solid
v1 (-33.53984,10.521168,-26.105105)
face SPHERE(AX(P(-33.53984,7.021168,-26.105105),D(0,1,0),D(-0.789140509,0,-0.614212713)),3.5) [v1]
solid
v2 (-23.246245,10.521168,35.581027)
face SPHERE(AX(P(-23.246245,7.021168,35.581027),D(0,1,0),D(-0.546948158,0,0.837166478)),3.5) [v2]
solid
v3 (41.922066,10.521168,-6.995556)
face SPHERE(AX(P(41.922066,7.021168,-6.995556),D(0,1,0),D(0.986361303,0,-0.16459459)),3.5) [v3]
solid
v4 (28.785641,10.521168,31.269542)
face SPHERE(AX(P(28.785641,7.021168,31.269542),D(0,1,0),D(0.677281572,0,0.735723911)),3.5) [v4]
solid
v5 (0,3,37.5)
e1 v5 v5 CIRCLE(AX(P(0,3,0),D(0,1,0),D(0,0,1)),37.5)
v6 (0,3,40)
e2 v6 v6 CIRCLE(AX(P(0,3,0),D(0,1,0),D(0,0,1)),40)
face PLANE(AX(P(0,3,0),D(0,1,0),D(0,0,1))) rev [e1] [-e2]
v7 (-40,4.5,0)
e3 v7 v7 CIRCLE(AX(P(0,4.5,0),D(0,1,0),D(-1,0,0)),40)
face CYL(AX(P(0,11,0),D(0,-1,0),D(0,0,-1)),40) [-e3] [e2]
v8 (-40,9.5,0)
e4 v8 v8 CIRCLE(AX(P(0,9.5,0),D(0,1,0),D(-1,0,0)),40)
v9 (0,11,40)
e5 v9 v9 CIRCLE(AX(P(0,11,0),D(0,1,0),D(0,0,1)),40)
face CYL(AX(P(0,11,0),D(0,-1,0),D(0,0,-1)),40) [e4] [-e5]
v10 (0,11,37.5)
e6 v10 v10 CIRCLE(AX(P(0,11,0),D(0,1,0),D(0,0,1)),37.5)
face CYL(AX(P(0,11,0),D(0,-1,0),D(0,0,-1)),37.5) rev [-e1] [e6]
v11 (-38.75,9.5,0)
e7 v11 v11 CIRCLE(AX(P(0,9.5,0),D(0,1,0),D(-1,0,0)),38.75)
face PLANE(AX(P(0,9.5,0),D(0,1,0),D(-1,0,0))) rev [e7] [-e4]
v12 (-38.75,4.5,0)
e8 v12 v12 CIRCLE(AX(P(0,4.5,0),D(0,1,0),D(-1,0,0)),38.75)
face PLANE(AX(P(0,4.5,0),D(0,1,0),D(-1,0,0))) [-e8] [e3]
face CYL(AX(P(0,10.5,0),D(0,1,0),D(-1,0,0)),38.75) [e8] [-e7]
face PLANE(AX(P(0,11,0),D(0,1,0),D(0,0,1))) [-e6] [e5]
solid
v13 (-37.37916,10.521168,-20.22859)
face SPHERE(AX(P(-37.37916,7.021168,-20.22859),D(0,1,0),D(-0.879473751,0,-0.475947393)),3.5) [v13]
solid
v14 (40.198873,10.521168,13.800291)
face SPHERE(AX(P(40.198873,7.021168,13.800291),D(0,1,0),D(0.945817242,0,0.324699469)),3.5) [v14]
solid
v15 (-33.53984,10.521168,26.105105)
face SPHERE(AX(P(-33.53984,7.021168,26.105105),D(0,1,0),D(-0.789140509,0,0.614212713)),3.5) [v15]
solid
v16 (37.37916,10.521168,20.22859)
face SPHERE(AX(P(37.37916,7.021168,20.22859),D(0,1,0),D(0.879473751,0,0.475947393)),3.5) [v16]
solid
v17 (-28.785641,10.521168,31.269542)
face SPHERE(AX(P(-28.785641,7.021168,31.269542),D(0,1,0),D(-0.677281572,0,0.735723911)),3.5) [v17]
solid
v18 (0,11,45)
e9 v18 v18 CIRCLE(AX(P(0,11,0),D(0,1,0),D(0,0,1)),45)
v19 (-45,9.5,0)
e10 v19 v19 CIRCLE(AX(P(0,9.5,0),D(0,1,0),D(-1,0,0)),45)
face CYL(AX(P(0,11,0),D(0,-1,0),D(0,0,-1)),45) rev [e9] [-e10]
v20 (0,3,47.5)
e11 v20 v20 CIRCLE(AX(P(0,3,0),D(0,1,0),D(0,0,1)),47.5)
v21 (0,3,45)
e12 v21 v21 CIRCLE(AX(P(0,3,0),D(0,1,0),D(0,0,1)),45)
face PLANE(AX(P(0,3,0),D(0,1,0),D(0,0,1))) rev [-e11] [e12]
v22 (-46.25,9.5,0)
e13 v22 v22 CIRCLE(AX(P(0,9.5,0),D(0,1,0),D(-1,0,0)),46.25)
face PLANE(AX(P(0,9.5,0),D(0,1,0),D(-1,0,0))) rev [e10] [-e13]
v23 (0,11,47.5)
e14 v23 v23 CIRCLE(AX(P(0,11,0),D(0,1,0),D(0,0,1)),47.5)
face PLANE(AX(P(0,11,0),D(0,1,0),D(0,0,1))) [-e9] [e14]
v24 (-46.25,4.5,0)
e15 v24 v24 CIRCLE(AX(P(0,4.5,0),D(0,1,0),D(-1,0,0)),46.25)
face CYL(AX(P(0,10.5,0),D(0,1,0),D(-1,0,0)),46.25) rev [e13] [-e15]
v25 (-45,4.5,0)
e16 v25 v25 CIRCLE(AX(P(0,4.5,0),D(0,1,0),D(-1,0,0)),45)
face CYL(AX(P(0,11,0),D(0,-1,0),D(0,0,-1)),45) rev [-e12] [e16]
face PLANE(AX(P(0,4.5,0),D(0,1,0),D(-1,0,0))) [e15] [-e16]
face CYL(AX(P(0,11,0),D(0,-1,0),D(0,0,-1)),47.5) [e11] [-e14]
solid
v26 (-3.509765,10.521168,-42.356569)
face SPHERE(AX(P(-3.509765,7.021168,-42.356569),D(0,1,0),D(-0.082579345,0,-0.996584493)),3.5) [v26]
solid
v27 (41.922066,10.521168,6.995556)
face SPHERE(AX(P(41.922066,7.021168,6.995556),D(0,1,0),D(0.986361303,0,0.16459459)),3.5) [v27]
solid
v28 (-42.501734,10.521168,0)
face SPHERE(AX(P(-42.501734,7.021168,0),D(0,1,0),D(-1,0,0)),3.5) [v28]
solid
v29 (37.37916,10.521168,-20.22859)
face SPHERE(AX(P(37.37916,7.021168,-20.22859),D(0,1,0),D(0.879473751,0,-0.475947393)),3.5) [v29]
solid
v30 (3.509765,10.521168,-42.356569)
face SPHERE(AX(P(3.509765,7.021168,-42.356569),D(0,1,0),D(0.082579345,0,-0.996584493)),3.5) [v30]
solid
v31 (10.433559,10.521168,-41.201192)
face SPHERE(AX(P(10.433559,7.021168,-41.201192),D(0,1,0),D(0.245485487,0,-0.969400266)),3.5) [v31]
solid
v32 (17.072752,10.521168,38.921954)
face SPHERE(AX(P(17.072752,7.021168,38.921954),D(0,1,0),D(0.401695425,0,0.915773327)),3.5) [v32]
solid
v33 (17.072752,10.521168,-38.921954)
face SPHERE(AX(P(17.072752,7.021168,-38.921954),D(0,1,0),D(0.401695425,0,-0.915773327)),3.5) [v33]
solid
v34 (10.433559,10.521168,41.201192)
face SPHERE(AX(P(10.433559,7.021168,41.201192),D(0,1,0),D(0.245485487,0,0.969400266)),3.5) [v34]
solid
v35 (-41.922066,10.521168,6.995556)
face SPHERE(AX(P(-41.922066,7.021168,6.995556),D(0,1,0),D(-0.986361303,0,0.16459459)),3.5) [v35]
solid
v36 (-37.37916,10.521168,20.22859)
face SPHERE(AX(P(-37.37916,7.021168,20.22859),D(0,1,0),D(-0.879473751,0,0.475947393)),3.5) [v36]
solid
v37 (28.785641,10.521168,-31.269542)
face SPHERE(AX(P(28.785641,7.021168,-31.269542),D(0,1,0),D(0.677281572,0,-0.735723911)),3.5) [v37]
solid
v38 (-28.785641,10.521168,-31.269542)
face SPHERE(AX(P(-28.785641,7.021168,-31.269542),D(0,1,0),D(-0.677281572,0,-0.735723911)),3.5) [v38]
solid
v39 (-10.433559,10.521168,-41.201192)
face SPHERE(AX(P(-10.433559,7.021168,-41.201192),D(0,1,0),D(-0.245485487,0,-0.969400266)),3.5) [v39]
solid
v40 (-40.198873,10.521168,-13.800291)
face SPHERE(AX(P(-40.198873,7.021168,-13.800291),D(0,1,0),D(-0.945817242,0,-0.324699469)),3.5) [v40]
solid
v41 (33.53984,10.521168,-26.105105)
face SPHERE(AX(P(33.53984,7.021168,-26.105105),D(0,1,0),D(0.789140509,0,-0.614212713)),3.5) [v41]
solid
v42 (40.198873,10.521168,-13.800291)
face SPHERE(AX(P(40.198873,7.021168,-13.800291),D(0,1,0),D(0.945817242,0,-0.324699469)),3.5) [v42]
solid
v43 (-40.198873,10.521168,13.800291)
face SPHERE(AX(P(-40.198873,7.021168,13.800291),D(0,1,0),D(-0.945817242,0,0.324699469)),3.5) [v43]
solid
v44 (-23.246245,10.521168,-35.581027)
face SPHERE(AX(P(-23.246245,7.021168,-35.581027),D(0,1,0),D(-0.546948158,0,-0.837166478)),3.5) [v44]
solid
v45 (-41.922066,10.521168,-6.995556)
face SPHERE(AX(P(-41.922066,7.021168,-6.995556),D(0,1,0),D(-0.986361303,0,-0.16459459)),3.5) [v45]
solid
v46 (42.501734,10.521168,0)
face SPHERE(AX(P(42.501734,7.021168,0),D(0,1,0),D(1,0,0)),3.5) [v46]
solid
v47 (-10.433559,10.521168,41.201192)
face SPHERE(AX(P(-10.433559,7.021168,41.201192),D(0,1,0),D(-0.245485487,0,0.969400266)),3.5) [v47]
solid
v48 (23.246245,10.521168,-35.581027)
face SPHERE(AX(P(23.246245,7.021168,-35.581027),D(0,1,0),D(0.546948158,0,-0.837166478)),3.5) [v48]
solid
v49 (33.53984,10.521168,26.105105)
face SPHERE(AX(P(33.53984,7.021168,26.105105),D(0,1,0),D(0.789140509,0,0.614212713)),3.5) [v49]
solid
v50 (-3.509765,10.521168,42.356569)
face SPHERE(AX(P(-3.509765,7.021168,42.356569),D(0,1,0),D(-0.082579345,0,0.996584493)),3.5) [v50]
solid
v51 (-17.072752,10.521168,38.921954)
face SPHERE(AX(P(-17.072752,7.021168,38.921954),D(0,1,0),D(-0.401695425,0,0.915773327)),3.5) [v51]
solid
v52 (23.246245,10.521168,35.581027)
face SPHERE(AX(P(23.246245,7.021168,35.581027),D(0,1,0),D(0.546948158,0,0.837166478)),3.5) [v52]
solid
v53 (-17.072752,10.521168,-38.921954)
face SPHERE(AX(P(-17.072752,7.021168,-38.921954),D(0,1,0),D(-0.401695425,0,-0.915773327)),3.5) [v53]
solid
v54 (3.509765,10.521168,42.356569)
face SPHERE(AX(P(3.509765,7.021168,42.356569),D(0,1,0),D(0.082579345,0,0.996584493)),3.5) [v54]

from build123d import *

# Parameters (mm, degrees)
BOSS_EXTRUDE1_START = 3
SKETCH2_R           = 47.5
SKETCH2_R_2         = 45
BOSS_EXTRUDE1_DEPTH = 8
BOSS_EXTRUDE2_START = 3
SKETCH5_R           = 40
SKETCH5_R_2         = 37.5
BOSS_EXTRUDE2_DEPTH = 8
SKETCH3_W           = 7.5
SKETCH3_H           = 5
CIRPATTERN4_COUNT   = 38


with BuildPart() as part:
    # Sketch2 → Boss-Extrude1 (new body)
    with BuildSketch(Plane(origin=(0, 0, 0), x_dir=(1, 0, 0), z_dir=(0, 1, 0)).offset(BOSS_EXTRUDE1_START)):
        with Locations(Location((0, 0, 0), (0, 0, 270))):
            Circle(SKETCH2_R)
        with Locations(Location((0, 0, 0), (0, 0, 270))):
            Circle(SKETCH2_R_2, mode=Mode.SUBTRACT)
    extrude(amount=BOSS_EXTRUDE1_DEPTH)


with BuildPart() as body_2:
    # Sketch5 → Boss-Extrude2 (new body)
    with BuildSketch(Plane(origin=(0, 0, 0), x_dir=(1, 0, 0), z_dir=(0, 1, 0)).offset(BOSS_EXTRUDE2_START)):
        with Locations(Location((0, 0, 0), (0, 0, 270))):
            Circle(SKETCH5_R)
        with Locations(Location((0, 0, 0), (0, 0, 270))):
            Circle(SKETCH5_R_2, mode=Mode.SUBTRACT)
    extrude(amount=BOSS_EXTRUDE2_DEPTH)


with BuildPart() as cut_revolve1_tool:
    # Sketch3 → Cut-Revolve1 (revolve)
    with BuildSketch(Plane.XY):
        with Locations((-42.5, 7)):
            Rectangle(SKETCH3_W, SKETCH3_H)
    revolve(axis=Axis((0, 10.5, 0), (0, -1, 0)))


with BuildPart() as part_1:
    add(part.part)

    # Cut-Revolve1: cut by cut_revolve1_tool
    add(cut_revolve1_tool.part, mode=Mode.SUBTRACT)


with BuildPart() as body_2_1:
    add(body_2.part)

    # Cut-Revolve1: cut by cut_revolve1_tool
    add(cut_revolve1_tool.part, mode=Mode.SUBTRACT)


with BuildPart() as body_3:
    # Sketch6 → Revolve4 (revolve)
    with BuildSketch(Plane.XY):
        with BuildLine():
            Line((42.501734092, 10.521168408), (42.501734092, 8.449571979))
            Line((42.501734092, 8.449571979), (42.501734092, 7.021168408))
            Line((42.501734092, 7.021168408), (42.501734092, 3.521168408))
            ThreePointArc((42.501734092, 3.521168408), (46.001734092, 7.021168408), (42.501734092, 10.521168408))
        make_face()
    revolve(axis=Axis((42.501734092, 11, 0), (0, -1, 0)))


with BuildPart() as cirpattern4_1:
    # CirPattern4: pattern copy
    add(body_3.part.rotate(Axis((0, 0, 0), (0, 1, 0)), 1 * 360 / CIRPATTERN4_COUNT))


with BuildPart() as cirpattern4_2:
    # CirPattern4: pattern copy
    add(body_3.part.rotate(Axis((0, 0, 0), (0, 1, 0)), 2 * 360 / CIRPATTERN4_COUNT))


with BuildPart() as cirpattern4_3:
    # CirPattern4: pattern copy
    add(body_3.part.rotate(Axis((0, 0, 0), (0, 1, 0)), 3 * 360 / CIRPATTERN4_COUNT))


with BuildPart() as cirpattern4_4:
    # CirPattern4: pattern copy
    add(body_3.part.rotate(Axis((0, 0, 0), (0, 1, 0)), 4 * 360 / CIRPATTERN4_COUNT))


with BuildPart() as cirpattern4_5:
    # CirPattern4: pattern copy
    add(body_3.part.rotate(Axis((0, 0, 0), (0, 1, 0)), 5 * 360 / CIRPATTERN4_COUNT))


with BuildPart() as cirpattern4_6:
    # CirPattern4: pattern copy
    add(body_3.part.rotate(Axis((0, 0, 0), (0, 1, 0)), 6 * 360 / CIRPATTERN4_COUNT))


with BuildPart() as cirpattern4_7:
    # CirPattern4: pattern copy
    add(body_3.part.rotate(Axis((0, 0, 0), (0, 1, 0)), 7 * 360 / CIRPATTERN4_COUNT))


with BuildPart() as cirpattern4_8:
    # CirPattern4: pattern copy
    add(body_3.part.rotate(Axis((0, 0, 0), (0, 1, 0)), 8 * 360 / CIRPATTERN4_COUNT))


with BuildPart() as cirpattern4_9:
    # CirPattern4: pattern copy
    add(body_3.part.rotate(Axis((0, 0, 0), (0, 1, 0)), 9 * 360 / CIRPATTERN4_COUNT))


with BuildPart() as cirpattern4_10:
    # CirPattern4: pattern copy
    add(body_3.part.rotate(Axis((0, 0, 0), (0, 1, 0)), 10 * 360 / CIRPATTERN4_COUNT))


with BuildPart() as cirpattern4_11:
    # CirPattern4: pattern copy
    add(body_3.part.rotate(Axis((0, 0, 0), (0, 1, 0)), 11 * 360 / CIRPATTERN4_COUNT))


with BuildPart() as cirpattern4_12:
    # CirPattern4: pattern copy
    add(body_3.part.rotate(Axis((0, 0, 0), (0, 1, 0)), 12 * 360 / CIRPATTERN4_COUNT))


with BuildPart() as cirpattern4_13:
    # CirPattern4: pattern copy
    add(body_3.part.rotate(Axis((0, 0, 0), (0, 1, 0)), 13 * 360 / CIRPATTERN4_COUNT))


with BuildPart() as cirpattern4_14:
    # CirPattern4: pattern copy
    add(body_3.part.rotate(Axis((0, 0, 0), (0, 1, 0)), 14 * 360 / CIRPATTERN4_COUNT))


with BuildPart() as cirpattern4_15:
    # CirPattern4: pattern copy
    add(body_3.part.rotate(Axis((0, 0, 0), (0, 1, 0)), 15 * 360 / CIRPATTERN4_COUNT))


with BuildPart() as cirpattern4_16:
    # CirPattern4: pattern copy
    add(body_3.part.rotate(Axis((0, 0, 0), (0, 1, 0)), 16 * 360 / CIRPATTERN4_COUNT))


with BuildPart() as cirpattern4_17:
    # CirPattern4: pattern copy
    add(body_3.part.rotate(Axis((0, 0, 0), (0, 1, 0)), 17 * 360 / CIRPATTERN4_COUNT))


with BuildPart() as cirpattern4_18:
    # CirPattern4: pattern copy
    add(body_3.part.rotate(Axis((0, 0, 0), (0, 1, 0)), 18 * 360 / CIRPATTERN4_COUNT))


with BuildPart() as cirpattern4_19:
    # CirPattern4: pattern copy
    add(body_3.part.rotate(Axis((0, 0, 0), (0, 1, 0)), 19 * 360 / CIRPATTERN4_COUNT))


with BuildPart() as cirpattern4_20:
    # CirPattern4: pattern copy
    add(body_3.part.rotate(Axis((0, 0, 0), (0, 1, 0)), 20 * 360 / CIRPATTERN4_COUNT))


with BuildPart() as cirpattern4_21:
    # CirPattern4: pattern copy
    add(body_3.part.rotate(Axis((0, 0, 0), (0, 1, 0)), 21 * 360 / CIRPATTERN4_COUNT))


with BuildPart() as cirpattern4_22:
    # CirPattern4: pattern copy
    add(body_3.part.rotate(Axis((0, 0, 0), (0, 1, 0)), 22 * 360 / CIRPATTERN4_COUNT))


with BuildPart() as cirpattern4_23:
    # CirPattern4: pattern copy
    add(body_3.part.rotate(Axis((0, 0, 0), (0, 1, 0)), 23 * 360 / CIRPATTERN4_COUNT))


with BuildPart() as cirpattern4_24:
    # CirPattern4: pattern copy
    add(body_3.part.rotate(Axis((0, 0, 0), (0, 1, 0)), 24 * 360 / CIRPATTERN4_COUNT))


with BuildPart() as cirpattern4_25:
    # CirPattern4: pattern copy
    add(body_3.part.rotate(Axis((0, 0, 0), (0, 1, 0)), 25 * 360 / CIRPATTERN4_COUNT))


with BuildPart() as cirpattern4_26:
    # CirPattern4: pattern copy
    add(body_3.part.rotate(Axis((0, 0, 0), (0, 1, 0)), 26 * 360 / CIRPATTERN4_COUNT))


with BuildPart() as cirpattern4_27:
    # CirPattern4: pattern copy
    add(body_3.part.rotate(Axis((0, 0, 0), (0, 1, 0)), 27 * 360 / CIRPATTERN4_COUNT))


with BuildPart() as cirpattern4_28:
    # CirPattern4: pattern copy
    add(body_3.part.rotate(Axis((0, 0, 0), (0, 1, 0)), 28 * 360 / CIRPATTERN4_COUNT))


with BuildPart() as cirpattern4_29:
    # CirPattern4: pattern copy
    add(body_3.part.rotate(Axis((0, 0, 0), (0, 1, 0)), 29 * 360 / CIRPATTERN4_COUNT))


with BuildPart() as cirpattern4_30:
    # CirPattern4: pattern copy
    add(body_3.part.rotate(Axis((0, 0, 0), (0, 1, 0)), 30 * 360 / CIRPATTERN4_COUNT))


with BuildPart() as cirpattern4_31:
    # CirPattern4: pattern copy
    add(body_3.part.rotate(Axis((0, 0, 0), (0, 1, 0)), 31 * 360 / CIRPATTERN4_COUNT))


with BuildPart() as cirpattern4_32:
    # CirPattern4: pattern copy
    add(body_3.part.rotate(Axis((0, 0, 0), (0, 1, 0)), 32 * 360 / CIRPATTERN4_COUNT))


with BuildPart() as cirpattern4_33:
    # CirPattern4: pattern copy
    add(body_3.part.rotate(Axis((0, 0, 0), (0, 1, 0)), 33 * 360 / CIRPATTERN4_COUNT))


with BuildPart() as cirpattern4_34:
    # CirPattern4: pattern copy
    add(body_3.part.rotate(Axis((0, 0, 0), (0, 1, 0)), 34 * 360 / CIRPATTERN4_COUNT))


with BuildPart() as cirpattern4_35:
    # CirPattern4: pattern copy
    add(body_3.part.rotate(Axis((0, 0, 0), (0, 1, 0)), 35 * 360 / CIRPATTERN4_COUNT))


with BuildPart() as cirpattern4_36:
    # CirPattern4: pattern copy
    add(body_3.part.rotate(Axis((0, 0, 0), (0, 1, 0)), 36 * 360 / CIRPATTERN4_COUNT))


with BuildPart() as cirpattern4_37:
    # CirPattern4: pattern copy
    add(body_3.part.rotate(Axis((0, 0, 0), (0, 1, 0)), 37 * 360 / CIRPATTERN4_COUNT))


solid = Compound([part_1.part, body_2_1.part, body_3.part, cirpattern4_1.part, cirpattern4_2.part, cirpattern4_3.part, cirpattern4_4.part, cirpattern4_5.part, cirpattern4_6.part, cirpattern4_7.part, cirpattern4_8.part, cirpattern4_9.part, cirpattern4_10.part, cirpattern4_11.part, cirpattern4_12.part, cirpattern4_13.part, cirpattern4_14.part, cirpattern4_15.part, cirpattern4_16.part, cirpattern4_17.part, cirpattern4_18.part, cirpattern4_19.part, cirpattern4_20.part, cirpattern4_21.part, cirpattern4_22.part, cirpattern4_23.part, cirpattern4_24.part, cirpattern4_25.part, cirpattern4_26.part, cirpattern4_27.part, cirpattern4_28.part, cirpattern4_29.part, cirpattern4_30.part, cirpattern4_31.part, cirpattern4_32.part, cirpattern4_33.part, cirpattern4_34.part, cirpattern4_35.part, cirpattern4_36.part, cirpattern4_37.part])
